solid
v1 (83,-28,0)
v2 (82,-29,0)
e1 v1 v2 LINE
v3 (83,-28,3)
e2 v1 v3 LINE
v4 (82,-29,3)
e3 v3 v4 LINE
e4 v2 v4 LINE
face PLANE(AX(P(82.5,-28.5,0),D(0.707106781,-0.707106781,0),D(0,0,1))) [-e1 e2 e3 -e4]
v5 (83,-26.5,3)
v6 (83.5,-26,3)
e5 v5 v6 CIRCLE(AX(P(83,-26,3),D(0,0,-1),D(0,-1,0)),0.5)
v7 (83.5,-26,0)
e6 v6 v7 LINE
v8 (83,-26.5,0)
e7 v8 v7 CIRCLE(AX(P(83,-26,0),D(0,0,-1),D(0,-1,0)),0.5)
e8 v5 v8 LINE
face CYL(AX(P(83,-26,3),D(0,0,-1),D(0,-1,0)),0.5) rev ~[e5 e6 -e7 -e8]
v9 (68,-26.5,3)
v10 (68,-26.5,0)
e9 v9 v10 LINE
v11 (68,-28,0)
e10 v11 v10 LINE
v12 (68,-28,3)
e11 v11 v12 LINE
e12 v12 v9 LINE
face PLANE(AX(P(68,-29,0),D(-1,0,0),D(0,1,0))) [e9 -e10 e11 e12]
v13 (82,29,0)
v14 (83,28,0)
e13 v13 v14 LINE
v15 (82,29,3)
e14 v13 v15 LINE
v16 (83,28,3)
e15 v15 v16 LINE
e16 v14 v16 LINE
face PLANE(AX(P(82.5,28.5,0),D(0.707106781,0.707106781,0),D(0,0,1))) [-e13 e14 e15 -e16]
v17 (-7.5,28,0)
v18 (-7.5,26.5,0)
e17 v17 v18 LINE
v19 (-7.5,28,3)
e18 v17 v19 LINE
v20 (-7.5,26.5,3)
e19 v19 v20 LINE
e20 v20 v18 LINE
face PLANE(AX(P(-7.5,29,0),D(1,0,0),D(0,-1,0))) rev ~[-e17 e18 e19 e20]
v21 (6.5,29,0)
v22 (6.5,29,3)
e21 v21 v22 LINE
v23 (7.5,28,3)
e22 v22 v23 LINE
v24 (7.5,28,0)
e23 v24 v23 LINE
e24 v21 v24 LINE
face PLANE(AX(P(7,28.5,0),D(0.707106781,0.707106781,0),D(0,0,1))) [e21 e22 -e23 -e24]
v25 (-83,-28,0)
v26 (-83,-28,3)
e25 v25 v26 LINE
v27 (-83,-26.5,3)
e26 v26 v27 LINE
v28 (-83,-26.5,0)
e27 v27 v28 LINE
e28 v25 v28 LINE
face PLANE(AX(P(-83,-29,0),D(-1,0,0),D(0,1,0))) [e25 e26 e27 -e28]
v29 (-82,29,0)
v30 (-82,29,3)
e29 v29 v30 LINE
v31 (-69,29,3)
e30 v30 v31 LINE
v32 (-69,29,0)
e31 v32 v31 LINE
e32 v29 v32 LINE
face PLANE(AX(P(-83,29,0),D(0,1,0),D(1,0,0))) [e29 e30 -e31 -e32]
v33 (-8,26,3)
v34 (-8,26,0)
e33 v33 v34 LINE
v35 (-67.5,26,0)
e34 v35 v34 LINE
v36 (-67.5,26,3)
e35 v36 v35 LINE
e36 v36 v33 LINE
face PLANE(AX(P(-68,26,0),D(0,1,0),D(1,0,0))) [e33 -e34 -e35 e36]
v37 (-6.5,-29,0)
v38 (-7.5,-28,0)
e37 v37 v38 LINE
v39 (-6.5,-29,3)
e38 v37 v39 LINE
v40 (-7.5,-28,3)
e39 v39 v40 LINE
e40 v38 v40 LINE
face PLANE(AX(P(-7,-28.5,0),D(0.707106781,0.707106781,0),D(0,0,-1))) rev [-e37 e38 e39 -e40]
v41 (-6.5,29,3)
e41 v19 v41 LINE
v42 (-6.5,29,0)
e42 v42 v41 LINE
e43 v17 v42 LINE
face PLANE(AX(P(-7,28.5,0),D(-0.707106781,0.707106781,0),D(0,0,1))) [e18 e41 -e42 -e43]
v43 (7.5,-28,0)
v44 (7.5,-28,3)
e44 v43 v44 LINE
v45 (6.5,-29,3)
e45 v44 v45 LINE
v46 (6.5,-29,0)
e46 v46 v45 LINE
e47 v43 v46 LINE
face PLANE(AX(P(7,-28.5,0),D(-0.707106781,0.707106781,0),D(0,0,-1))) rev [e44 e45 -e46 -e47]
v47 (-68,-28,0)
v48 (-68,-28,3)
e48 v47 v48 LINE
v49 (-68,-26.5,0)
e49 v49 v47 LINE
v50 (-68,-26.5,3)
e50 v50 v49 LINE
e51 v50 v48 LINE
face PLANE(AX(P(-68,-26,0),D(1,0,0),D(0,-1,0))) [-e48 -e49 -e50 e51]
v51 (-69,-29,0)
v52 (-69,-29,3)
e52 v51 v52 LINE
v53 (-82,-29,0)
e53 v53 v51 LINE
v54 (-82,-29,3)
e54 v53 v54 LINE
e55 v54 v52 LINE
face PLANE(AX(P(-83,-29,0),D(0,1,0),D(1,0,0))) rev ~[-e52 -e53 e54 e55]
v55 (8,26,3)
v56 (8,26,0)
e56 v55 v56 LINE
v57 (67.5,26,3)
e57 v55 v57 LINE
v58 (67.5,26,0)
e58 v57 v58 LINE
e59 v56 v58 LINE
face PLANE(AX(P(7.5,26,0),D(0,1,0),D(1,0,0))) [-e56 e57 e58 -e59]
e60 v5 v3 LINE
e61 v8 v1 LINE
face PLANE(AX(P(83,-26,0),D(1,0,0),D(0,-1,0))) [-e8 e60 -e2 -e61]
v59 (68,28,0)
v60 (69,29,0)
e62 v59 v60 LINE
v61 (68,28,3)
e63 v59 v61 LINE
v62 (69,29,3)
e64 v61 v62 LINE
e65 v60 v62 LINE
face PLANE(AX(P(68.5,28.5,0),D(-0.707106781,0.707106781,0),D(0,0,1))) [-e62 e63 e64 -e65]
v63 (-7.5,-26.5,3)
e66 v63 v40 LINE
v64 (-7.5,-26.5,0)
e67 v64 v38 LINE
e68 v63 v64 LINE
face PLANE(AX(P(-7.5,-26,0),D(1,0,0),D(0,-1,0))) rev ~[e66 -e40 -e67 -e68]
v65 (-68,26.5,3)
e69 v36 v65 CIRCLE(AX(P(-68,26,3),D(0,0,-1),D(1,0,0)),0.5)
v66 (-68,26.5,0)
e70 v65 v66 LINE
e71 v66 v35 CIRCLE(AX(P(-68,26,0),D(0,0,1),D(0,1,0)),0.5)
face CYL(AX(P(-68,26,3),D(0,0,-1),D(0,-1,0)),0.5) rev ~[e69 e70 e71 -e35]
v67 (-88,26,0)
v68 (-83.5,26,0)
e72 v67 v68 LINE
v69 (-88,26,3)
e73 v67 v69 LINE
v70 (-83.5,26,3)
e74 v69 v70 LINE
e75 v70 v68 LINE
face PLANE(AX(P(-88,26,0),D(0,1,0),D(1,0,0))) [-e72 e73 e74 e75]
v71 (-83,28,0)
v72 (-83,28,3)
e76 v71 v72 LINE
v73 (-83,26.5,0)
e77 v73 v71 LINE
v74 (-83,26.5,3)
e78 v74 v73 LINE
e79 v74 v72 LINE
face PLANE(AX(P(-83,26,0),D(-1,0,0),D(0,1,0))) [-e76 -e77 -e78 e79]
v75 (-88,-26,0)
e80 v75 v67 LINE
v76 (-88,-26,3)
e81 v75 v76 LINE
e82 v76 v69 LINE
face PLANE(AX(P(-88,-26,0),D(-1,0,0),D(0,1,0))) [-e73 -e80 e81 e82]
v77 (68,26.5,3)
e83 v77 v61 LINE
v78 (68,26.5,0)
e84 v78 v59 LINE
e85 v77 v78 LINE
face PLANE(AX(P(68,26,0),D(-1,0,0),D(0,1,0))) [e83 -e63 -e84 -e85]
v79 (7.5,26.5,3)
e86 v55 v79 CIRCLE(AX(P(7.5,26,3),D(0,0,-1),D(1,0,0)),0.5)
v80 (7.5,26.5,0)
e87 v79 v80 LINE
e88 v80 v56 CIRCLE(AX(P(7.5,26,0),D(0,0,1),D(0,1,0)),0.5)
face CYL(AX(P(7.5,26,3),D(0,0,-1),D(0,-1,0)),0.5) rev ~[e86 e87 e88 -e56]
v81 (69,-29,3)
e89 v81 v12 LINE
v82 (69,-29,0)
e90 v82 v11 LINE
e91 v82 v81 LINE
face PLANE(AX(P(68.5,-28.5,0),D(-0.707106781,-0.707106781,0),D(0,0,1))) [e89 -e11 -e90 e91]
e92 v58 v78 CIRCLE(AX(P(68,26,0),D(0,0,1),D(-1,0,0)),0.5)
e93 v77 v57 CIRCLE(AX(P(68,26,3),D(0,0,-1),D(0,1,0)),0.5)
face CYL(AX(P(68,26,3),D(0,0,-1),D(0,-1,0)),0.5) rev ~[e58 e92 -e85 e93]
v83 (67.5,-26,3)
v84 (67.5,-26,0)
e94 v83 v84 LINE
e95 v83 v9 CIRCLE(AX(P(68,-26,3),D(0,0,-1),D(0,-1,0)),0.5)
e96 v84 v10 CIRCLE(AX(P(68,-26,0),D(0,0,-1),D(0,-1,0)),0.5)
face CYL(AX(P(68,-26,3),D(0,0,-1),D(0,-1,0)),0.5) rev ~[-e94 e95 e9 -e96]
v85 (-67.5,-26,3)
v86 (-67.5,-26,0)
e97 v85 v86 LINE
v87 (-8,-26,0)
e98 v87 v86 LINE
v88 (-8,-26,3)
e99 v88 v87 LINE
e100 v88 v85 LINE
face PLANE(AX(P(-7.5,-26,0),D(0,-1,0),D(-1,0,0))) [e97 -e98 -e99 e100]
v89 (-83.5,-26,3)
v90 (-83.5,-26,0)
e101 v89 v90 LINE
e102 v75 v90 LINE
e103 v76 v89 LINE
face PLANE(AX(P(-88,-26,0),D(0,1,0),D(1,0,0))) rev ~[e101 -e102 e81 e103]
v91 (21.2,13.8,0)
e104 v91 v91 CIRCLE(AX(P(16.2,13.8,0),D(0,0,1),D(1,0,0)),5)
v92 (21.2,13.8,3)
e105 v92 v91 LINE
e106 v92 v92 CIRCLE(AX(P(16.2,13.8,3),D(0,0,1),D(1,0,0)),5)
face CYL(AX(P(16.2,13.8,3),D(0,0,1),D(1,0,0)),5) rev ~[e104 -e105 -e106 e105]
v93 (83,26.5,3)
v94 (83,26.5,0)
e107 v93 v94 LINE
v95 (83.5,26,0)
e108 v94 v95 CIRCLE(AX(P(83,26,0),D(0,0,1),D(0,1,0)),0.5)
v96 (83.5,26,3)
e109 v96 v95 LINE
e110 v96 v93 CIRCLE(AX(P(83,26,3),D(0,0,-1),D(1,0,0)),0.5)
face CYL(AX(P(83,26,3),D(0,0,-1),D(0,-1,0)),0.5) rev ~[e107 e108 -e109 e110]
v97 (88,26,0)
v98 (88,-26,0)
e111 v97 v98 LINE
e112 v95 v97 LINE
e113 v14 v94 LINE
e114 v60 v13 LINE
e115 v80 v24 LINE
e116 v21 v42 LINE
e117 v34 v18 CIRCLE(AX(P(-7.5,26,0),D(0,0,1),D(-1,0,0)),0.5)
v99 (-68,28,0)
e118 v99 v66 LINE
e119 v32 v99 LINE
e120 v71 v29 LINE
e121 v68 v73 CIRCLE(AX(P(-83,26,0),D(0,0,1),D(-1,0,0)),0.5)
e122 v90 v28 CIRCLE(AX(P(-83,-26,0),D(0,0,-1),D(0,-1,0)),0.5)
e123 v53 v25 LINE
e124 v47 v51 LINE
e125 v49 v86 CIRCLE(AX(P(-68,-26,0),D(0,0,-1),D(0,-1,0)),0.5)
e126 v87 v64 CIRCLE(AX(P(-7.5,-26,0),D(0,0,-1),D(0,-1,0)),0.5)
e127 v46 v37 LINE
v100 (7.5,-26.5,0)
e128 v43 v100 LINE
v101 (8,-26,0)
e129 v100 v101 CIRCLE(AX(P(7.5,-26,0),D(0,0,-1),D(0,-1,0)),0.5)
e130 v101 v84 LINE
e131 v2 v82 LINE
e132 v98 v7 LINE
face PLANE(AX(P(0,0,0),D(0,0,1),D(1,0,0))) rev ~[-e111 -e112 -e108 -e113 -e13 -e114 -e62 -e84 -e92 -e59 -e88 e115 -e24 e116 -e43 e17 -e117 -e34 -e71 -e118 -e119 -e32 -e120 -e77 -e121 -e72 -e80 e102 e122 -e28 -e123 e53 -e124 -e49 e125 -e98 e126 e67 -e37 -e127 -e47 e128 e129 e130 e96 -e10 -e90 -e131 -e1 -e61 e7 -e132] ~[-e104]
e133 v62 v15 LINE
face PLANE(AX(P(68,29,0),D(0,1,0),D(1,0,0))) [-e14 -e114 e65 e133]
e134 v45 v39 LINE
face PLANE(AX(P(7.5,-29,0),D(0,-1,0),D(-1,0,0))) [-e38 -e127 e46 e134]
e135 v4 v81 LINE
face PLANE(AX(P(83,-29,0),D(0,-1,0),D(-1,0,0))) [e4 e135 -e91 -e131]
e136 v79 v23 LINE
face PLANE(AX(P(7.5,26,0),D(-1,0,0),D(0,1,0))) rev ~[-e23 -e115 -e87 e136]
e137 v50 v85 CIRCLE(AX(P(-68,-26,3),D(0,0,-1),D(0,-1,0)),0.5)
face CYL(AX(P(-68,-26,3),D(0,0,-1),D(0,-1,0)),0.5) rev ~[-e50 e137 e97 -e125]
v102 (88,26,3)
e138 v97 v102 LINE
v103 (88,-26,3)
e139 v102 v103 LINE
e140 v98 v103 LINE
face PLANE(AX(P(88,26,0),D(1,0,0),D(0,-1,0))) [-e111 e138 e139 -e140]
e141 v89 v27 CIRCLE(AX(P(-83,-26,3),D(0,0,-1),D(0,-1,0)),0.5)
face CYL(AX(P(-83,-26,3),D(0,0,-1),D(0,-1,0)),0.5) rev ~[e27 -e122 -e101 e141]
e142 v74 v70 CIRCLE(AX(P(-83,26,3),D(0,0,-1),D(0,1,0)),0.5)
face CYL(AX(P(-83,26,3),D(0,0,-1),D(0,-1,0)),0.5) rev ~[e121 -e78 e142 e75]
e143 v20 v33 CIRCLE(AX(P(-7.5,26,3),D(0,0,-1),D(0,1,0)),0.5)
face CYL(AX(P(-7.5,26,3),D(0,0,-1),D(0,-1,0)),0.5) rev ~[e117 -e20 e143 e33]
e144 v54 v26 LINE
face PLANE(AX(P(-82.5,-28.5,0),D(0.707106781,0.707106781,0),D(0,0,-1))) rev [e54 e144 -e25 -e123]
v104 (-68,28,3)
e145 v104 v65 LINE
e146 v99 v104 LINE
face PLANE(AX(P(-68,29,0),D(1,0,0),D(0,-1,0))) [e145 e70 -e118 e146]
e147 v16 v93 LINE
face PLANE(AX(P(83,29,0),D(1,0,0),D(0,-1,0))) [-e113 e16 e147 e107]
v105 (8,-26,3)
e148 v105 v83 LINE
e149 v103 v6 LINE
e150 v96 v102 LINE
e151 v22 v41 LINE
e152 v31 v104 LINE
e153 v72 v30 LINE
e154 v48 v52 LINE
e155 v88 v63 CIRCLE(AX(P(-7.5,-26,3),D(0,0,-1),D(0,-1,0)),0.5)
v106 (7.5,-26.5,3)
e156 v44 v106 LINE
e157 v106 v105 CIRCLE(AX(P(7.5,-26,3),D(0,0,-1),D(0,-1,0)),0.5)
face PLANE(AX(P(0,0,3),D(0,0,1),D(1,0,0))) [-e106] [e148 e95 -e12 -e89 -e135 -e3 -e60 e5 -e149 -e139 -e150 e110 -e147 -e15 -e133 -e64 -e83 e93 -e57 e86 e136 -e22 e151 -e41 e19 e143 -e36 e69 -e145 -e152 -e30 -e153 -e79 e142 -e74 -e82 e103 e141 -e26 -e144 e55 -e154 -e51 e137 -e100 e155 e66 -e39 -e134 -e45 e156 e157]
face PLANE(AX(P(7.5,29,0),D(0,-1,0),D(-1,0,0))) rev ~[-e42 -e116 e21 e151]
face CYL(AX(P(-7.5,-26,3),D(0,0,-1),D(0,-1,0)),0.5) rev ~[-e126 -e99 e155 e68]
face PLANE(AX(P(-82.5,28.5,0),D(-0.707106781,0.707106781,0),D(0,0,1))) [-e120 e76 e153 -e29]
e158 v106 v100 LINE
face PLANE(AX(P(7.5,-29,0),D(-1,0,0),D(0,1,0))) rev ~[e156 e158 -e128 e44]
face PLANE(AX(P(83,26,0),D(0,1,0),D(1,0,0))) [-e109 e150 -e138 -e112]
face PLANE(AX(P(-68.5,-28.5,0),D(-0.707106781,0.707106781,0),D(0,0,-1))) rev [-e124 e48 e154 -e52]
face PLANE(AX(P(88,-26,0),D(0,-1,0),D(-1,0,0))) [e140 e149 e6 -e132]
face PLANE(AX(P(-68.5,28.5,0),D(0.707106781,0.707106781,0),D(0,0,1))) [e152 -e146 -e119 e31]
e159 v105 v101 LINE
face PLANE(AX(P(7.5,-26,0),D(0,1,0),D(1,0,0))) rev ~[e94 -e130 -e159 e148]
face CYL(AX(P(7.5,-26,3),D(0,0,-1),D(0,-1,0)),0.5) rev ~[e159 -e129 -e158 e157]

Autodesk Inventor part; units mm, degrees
ref_plane "Plan YZ" through (0, 0, 0) normal (1, 0, 0) x (0, 1, 0)
ref_plane "Plan XZ" through (0, 0, 0) normal (0, 1, 0) x (-1, 0, 0)
ref_plane "Plan XY" through (0, 0, 0) normal (0, 0, 1) x (1, 0, 0)
sketch "Esquisse12" plane through (0, 0, 0) normal (0, 0, 1) x (1, 0, 0)
  line L0 (-88, -26) -> (-88, 26)
  line L1 (-88, 26) -> (-83, 26)
  line L2 (-83, 26) -> (-83, 29)
  line L3 (-83, 29) -> (-68, 29)
  line L4 (-68, 29) -> (-68, 26)
  line L5 (7.5, 26) -> (7.5, 29)
  line L6 (7.5, 29) -> (-7.5, 29)
  line L7 (-7.5, 29) -> (-7.5, 26)
  line L8 (68, 26) -> (68, 29)
  line L9 (68, 29) -> (83, 29)
  line L10 (83, 29) -> (83, 26)
  line L11 (83, 26) -> (88, 26)
  line L12 (88, 26) -> (88, -26)
  line L13 (88, -26) -> (83, -26)
  line L14 (83, -26) -> (83, -29)
  line L15 (83, -29) -> (68, -29)
  line L16 (68, -29) -> (68, -26)
  line L17 (-7.5, -26) -> (-7.5, -29)
  line L18 (7.5, -29) -> (7.5, -26)
  line L19 (-68, -26) -> (-68, -29)
  line L20 (-83, -29) -> (-83, -26)
  line L21 (-88, -26) -> (-83, -26)
  line L22 (-83, -29) -> (-68, -29)
  line L23 (7.5, -29) -> (-7.5, -29)
  line L24 (-68, 26) -> (-7.5, 26)
  line L25 (7.5, 26) -> (68, 26)
  line L26 (7.5, -26) -> (68, -26)
  line L27 (-7.5, -26) -> (-68, -26)
  line L28 (-123.2, 0) -> (123.2, 0) construction
  line L29 (0, -40.6) -> (0, 40.6) construction
  point P0 (0, 0)
  dimension "d86" = 52
  dimension "d87" = 3
  dimension "d88" = 5
  dimension "d90" = 15
  dimension "d112" = 176
extrude "Extrusion5" add sketch "Esquisse12" along normal blind 3
sketch "Esquisse13" plane through (0, 0, 3) normal (0, 0, 1) x (1, 0, 0)
  point P0 (0, 0)
  point P1 (-83, 26)
  point P2 (-68, 26)
  point P3 (-83, -26)
  point P4 (-68, -26)
  point P5 (-7.5, -26)
  point P6 (7.5, -26)
  point P7 (68, -26)
  point P8 (83, -26)
  point P9 (83, 26)
  point P10 (68, 26)
  point P11 (-7.5, 26)
  point P12 (7.5, 26)
hole "Perçage6" at (-83, 26, 3) at (-68, 26, 3) at (-83, -26, 3) at (-68, -26, 3) at (-7.5, -26, 3) at (7.5, -26, 3) at (68, -26, 3) at (83, -26, 3) at (83, 26, 3) at (68, 26, 3) at (-7.5, 26, 3) at (7.5, 26, 3) direction (0, 0, -1) diameter 1 end through all
chamfer "Chanfrein3" distance 1 angle 45 12 edges at (-83, 29, 1.5) (-68, 29, 1.5) (-7.5, 29, 1.5) (7.5, 29, 1.5) (68, 29, 1.5) (83, 29, 1.5) (-83, -29, 1.5) (-68, -29, 1.5) (-7.5, -29, 1.5) (7.5, -29, 1.5) (68, -29, 1.5) (83, -29, 1.5)
sketch "Esquisse14" plane through (0, 0, 3) normal (0, 0, 1) x (1, 0, 0)
  circle A0 centre (16.2, 13.8) radius 5
  line L0 (-88, -26) -> (-88, 26) projected
  line L1 (67.5, -26) -> (8, -26) projected
  line L2 (88, 26) -> (88, -26) projected
  point P0 (0, 0)
  dimension "d108" = 39.8
  dimension "d109" = 10
  dimension "d113" = 71.8
extrude "Extrusion6" cut sketch "Esquisse14" against normal through all
properties part number "P1704_103" material "Plastique PMMA"
